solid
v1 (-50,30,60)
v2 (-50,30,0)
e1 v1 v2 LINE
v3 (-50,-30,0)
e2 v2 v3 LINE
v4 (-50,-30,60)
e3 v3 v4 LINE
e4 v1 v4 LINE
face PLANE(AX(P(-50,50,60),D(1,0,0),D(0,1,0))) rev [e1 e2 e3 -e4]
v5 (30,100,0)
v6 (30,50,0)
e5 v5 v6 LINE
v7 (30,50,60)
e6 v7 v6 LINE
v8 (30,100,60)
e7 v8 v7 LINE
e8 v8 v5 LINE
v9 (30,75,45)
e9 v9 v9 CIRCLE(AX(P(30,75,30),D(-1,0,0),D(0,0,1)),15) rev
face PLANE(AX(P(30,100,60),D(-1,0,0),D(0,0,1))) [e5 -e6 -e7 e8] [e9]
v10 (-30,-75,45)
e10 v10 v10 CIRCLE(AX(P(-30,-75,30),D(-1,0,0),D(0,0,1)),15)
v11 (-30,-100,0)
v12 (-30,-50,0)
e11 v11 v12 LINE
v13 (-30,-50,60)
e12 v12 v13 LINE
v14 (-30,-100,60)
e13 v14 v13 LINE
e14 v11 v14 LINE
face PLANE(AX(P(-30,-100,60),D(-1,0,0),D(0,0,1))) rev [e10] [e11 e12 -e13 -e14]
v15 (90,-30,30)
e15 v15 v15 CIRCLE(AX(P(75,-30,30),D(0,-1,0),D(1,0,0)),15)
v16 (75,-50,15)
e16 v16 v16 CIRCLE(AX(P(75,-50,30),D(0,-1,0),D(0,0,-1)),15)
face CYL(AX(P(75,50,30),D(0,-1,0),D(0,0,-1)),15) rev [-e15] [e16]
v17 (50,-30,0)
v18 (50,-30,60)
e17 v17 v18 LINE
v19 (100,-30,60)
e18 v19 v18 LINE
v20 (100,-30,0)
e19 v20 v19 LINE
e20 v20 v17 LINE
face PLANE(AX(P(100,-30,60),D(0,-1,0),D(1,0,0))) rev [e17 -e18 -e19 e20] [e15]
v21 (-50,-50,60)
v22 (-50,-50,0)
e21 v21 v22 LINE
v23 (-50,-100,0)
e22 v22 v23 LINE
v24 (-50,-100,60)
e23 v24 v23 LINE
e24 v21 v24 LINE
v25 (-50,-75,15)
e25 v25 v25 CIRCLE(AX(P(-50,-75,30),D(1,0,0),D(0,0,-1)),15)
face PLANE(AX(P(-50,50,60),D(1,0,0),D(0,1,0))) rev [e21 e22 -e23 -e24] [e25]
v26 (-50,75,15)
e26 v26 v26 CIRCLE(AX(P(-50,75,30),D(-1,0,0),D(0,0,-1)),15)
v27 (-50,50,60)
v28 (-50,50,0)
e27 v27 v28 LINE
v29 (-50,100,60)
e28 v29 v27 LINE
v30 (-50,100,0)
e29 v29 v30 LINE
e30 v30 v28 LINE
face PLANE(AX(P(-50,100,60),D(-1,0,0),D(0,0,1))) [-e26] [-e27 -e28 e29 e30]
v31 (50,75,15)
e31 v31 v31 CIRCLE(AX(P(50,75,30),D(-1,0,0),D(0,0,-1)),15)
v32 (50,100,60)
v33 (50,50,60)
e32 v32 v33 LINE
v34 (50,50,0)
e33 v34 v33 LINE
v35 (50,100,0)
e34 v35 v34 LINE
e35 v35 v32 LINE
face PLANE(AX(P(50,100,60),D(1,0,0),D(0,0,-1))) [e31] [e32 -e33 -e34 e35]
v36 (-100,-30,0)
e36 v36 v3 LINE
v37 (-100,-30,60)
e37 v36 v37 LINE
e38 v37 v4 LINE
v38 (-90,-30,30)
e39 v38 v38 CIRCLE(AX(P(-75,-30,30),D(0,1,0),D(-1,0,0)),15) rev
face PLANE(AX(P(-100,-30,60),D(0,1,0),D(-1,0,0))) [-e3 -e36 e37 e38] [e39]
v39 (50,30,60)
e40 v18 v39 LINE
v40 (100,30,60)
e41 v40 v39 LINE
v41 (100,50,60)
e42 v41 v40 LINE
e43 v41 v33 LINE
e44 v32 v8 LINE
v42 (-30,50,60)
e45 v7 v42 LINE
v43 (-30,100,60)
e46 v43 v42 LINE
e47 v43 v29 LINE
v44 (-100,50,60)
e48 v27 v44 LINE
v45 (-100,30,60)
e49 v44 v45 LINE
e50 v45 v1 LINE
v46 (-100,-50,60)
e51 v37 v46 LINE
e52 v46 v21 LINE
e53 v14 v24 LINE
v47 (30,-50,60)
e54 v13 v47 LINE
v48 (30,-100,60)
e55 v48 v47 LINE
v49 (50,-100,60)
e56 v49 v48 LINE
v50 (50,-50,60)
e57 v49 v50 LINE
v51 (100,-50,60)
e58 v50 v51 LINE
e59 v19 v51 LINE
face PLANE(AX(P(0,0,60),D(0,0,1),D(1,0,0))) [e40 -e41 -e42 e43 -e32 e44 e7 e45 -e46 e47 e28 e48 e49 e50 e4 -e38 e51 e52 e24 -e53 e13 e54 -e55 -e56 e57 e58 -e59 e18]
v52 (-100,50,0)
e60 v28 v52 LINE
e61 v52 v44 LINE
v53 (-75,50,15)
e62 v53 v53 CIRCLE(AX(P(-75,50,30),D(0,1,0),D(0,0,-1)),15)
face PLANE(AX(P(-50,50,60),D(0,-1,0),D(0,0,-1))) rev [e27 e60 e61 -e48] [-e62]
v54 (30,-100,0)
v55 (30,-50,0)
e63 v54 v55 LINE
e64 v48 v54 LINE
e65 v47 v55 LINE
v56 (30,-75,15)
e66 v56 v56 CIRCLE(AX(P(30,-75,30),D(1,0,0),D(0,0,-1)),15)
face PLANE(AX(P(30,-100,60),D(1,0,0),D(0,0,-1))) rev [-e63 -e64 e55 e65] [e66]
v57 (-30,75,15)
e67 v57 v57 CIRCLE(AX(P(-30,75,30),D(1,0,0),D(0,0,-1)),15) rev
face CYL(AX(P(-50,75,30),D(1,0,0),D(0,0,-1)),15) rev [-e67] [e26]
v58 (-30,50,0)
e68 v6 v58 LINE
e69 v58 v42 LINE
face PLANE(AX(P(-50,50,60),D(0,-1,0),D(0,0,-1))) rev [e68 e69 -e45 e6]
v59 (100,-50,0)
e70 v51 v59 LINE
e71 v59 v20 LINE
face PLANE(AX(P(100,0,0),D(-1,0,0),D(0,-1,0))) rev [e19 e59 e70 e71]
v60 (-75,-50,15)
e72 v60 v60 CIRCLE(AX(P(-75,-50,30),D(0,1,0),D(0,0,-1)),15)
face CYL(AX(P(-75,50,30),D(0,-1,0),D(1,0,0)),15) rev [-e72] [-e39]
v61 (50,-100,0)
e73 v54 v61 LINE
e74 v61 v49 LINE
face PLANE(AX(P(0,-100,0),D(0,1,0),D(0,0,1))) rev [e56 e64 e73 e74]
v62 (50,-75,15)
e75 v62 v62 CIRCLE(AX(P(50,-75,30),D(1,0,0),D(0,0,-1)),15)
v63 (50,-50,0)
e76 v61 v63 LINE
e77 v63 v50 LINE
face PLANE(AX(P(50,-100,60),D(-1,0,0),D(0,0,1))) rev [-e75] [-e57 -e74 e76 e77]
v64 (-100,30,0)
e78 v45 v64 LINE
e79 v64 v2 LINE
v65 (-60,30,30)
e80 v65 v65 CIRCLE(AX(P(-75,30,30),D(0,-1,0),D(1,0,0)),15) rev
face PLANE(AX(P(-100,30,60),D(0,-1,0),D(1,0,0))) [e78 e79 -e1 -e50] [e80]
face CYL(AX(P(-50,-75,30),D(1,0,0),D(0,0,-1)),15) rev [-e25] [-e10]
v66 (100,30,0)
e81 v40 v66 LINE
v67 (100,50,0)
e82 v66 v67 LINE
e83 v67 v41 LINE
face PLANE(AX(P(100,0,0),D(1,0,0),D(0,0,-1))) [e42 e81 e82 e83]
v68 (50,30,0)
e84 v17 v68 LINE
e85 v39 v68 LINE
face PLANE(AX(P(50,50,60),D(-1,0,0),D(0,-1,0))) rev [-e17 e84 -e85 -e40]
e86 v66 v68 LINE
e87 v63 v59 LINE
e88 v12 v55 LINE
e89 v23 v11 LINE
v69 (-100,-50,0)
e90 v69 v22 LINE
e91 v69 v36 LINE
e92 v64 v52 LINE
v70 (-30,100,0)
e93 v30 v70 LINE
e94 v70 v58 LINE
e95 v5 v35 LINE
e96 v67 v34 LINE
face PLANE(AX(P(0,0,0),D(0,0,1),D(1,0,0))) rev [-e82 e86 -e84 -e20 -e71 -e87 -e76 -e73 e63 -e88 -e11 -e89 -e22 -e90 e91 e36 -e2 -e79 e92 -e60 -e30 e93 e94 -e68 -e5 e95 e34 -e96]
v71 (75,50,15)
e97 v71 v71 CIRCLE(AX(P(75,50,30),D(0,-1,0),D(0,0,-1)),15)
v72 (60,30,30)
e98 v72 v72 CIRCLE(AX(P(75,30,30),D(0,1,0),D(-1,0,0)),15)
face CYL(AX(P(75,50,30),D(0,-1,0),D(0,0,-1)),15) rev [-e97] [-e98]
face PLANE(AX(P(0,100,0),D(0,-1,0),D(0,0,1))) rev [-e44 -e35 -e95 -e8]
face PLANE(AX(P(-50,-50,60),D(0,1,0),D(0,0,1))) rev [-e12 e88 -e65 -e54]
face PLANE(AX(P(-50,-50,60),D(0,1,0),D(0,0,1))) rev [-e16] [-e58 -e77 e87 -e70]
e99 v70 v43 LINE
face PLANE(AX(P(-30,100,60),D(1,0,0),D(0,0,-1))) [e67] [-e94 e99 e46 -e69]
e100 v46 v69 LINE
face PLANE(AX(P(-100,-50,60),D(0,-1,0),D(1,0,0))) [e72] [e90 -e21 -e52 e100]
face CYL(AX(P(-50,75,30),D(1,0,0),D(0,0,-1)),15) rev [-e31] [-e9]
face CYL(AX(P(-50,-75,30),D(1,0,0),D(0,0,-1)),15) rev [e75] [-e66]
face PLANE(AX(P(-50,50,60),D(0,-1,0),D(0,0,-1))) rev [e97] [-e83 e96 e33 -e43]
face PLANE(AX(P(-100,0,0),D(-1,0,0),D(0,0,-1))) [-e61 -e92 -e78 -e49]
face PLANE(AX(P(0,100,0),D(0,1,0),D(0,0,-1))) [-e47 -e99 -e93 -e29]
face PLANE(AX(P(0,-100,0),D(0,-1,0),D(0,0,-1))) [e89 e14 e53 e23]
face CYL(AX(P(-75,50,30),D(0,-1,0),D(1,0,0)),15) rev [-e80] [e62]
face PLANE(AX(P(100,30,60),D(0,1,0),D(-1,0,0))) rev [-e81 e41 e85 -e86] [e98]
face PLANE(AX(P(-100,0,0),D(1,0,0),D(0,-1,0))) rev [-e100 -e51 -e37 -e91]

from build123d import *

# Parameters (mm, degrees)
SKETCH1_W           = 100
SKETCH1_H           = 100
BOSS_EXTRUDE1_DEPTH = 60
SKETCH2_W           = 60
SKETCH2_H           = 20
BOSS_EXTRUDE2_DEPTH = 50
SKETCH3_W           = 20
SKETCH3_H           = 60
BOSS_EXTRUDE3_DEPTH = 50
SKETCH4_R           = 15
CUT_EXTRUDE1_DEPTH  = 100
SKETCH5_R           = 15
CUT_EXTRUDE2_DEPTH  = 100


with BuildPart() as part:
    # Sketch1 → Boss-Extrude1 (new body)
    with BuildSketch(Plane.XY):
        Rectangle(SKETCH1_W, SKETCH1_H)
    extrude(amount=BOSS_EXTRUDE1_DEPTH)

    # Sketch2 → Boss-Extrude2 (add)
    with BuildSketch(Plane(origin=(50, 0, 0), x_dir=(0, 0, -1), z_dir=(1, 0, 0))):
        with Locations((-30, 40)):
            Rectangle(SKETCH2_W, SKETCH2_H)
        with Locations((-30, -40)):
            Rectangle(SKETCH2_W, SKETCH2_H)
    boss_extrude2 = extrude(amount=BOSS_EXTRUDE2_DEPTH)

    # Sketch3 → Boss-Extrude3 (add)
    with BuildSketch(Plane.XZ.offset(50)):
        with Locations((-40, 30)):
            Rectangle(SKETCH3_W, SKETCH3_H)
        with Locations((40, 30)):
            Rectangle(SKETCH3_W, SKETCH3_H)
    boss_extrude3 = extrude(amount=BOSS_EXTRUDE3_DEPTH)

    # Sketch4 → Cut-Extrude1 (cut)
    with BuildSketch(Plane.XZ.offset(50)):
        with Locations(Location((75, 30, 0), (0, 0, 270))):
            Circle(SKETCH4_R)
    cut_extrude1 = extrude(amount=-CUT_EXTRUDE1_DEPTH, mode=Mode.SUBTRACT)

    # Sketch5 → Cut-Extrude2 (cut)
    with BuildSketch(Plane(origin=(50, 0, 0), x_dir=(0, 0, -1), z_dir=(1, 0, 0))):
        with Locations((-30, -75)):
            Circle(SKETCH5_R)
    cut_extrude2 = extrude(amount=-CUT_EXTRUDE2_DEPTH, mode=Mode.SUBTRACT)

    # Mirror2: Boss-Extrude2, Cut-Extrude1 across plane
    add(boss_extrude2.mirror(Plane(origin=(0, 0, 0), x_dir=(0, 0, 1), z_dir=(1, 0, 0))))
    add(cut_extrude1.mirror(Plane(origin=(0, 0, 0), x_dir=(0, 0, 1), z_dir=(1, 0, 0))), mode=Mode.SUBTRACT)

    # Mirror3: Boss-Extrude3, Cut-Extrude2 across plane
    add(boss_extrude3.mirror(Plane.ZX))
    add(cut_extrude2.mirror(Plane.ZX), mode=Mode.SUBTRACT)


solid = part.part
